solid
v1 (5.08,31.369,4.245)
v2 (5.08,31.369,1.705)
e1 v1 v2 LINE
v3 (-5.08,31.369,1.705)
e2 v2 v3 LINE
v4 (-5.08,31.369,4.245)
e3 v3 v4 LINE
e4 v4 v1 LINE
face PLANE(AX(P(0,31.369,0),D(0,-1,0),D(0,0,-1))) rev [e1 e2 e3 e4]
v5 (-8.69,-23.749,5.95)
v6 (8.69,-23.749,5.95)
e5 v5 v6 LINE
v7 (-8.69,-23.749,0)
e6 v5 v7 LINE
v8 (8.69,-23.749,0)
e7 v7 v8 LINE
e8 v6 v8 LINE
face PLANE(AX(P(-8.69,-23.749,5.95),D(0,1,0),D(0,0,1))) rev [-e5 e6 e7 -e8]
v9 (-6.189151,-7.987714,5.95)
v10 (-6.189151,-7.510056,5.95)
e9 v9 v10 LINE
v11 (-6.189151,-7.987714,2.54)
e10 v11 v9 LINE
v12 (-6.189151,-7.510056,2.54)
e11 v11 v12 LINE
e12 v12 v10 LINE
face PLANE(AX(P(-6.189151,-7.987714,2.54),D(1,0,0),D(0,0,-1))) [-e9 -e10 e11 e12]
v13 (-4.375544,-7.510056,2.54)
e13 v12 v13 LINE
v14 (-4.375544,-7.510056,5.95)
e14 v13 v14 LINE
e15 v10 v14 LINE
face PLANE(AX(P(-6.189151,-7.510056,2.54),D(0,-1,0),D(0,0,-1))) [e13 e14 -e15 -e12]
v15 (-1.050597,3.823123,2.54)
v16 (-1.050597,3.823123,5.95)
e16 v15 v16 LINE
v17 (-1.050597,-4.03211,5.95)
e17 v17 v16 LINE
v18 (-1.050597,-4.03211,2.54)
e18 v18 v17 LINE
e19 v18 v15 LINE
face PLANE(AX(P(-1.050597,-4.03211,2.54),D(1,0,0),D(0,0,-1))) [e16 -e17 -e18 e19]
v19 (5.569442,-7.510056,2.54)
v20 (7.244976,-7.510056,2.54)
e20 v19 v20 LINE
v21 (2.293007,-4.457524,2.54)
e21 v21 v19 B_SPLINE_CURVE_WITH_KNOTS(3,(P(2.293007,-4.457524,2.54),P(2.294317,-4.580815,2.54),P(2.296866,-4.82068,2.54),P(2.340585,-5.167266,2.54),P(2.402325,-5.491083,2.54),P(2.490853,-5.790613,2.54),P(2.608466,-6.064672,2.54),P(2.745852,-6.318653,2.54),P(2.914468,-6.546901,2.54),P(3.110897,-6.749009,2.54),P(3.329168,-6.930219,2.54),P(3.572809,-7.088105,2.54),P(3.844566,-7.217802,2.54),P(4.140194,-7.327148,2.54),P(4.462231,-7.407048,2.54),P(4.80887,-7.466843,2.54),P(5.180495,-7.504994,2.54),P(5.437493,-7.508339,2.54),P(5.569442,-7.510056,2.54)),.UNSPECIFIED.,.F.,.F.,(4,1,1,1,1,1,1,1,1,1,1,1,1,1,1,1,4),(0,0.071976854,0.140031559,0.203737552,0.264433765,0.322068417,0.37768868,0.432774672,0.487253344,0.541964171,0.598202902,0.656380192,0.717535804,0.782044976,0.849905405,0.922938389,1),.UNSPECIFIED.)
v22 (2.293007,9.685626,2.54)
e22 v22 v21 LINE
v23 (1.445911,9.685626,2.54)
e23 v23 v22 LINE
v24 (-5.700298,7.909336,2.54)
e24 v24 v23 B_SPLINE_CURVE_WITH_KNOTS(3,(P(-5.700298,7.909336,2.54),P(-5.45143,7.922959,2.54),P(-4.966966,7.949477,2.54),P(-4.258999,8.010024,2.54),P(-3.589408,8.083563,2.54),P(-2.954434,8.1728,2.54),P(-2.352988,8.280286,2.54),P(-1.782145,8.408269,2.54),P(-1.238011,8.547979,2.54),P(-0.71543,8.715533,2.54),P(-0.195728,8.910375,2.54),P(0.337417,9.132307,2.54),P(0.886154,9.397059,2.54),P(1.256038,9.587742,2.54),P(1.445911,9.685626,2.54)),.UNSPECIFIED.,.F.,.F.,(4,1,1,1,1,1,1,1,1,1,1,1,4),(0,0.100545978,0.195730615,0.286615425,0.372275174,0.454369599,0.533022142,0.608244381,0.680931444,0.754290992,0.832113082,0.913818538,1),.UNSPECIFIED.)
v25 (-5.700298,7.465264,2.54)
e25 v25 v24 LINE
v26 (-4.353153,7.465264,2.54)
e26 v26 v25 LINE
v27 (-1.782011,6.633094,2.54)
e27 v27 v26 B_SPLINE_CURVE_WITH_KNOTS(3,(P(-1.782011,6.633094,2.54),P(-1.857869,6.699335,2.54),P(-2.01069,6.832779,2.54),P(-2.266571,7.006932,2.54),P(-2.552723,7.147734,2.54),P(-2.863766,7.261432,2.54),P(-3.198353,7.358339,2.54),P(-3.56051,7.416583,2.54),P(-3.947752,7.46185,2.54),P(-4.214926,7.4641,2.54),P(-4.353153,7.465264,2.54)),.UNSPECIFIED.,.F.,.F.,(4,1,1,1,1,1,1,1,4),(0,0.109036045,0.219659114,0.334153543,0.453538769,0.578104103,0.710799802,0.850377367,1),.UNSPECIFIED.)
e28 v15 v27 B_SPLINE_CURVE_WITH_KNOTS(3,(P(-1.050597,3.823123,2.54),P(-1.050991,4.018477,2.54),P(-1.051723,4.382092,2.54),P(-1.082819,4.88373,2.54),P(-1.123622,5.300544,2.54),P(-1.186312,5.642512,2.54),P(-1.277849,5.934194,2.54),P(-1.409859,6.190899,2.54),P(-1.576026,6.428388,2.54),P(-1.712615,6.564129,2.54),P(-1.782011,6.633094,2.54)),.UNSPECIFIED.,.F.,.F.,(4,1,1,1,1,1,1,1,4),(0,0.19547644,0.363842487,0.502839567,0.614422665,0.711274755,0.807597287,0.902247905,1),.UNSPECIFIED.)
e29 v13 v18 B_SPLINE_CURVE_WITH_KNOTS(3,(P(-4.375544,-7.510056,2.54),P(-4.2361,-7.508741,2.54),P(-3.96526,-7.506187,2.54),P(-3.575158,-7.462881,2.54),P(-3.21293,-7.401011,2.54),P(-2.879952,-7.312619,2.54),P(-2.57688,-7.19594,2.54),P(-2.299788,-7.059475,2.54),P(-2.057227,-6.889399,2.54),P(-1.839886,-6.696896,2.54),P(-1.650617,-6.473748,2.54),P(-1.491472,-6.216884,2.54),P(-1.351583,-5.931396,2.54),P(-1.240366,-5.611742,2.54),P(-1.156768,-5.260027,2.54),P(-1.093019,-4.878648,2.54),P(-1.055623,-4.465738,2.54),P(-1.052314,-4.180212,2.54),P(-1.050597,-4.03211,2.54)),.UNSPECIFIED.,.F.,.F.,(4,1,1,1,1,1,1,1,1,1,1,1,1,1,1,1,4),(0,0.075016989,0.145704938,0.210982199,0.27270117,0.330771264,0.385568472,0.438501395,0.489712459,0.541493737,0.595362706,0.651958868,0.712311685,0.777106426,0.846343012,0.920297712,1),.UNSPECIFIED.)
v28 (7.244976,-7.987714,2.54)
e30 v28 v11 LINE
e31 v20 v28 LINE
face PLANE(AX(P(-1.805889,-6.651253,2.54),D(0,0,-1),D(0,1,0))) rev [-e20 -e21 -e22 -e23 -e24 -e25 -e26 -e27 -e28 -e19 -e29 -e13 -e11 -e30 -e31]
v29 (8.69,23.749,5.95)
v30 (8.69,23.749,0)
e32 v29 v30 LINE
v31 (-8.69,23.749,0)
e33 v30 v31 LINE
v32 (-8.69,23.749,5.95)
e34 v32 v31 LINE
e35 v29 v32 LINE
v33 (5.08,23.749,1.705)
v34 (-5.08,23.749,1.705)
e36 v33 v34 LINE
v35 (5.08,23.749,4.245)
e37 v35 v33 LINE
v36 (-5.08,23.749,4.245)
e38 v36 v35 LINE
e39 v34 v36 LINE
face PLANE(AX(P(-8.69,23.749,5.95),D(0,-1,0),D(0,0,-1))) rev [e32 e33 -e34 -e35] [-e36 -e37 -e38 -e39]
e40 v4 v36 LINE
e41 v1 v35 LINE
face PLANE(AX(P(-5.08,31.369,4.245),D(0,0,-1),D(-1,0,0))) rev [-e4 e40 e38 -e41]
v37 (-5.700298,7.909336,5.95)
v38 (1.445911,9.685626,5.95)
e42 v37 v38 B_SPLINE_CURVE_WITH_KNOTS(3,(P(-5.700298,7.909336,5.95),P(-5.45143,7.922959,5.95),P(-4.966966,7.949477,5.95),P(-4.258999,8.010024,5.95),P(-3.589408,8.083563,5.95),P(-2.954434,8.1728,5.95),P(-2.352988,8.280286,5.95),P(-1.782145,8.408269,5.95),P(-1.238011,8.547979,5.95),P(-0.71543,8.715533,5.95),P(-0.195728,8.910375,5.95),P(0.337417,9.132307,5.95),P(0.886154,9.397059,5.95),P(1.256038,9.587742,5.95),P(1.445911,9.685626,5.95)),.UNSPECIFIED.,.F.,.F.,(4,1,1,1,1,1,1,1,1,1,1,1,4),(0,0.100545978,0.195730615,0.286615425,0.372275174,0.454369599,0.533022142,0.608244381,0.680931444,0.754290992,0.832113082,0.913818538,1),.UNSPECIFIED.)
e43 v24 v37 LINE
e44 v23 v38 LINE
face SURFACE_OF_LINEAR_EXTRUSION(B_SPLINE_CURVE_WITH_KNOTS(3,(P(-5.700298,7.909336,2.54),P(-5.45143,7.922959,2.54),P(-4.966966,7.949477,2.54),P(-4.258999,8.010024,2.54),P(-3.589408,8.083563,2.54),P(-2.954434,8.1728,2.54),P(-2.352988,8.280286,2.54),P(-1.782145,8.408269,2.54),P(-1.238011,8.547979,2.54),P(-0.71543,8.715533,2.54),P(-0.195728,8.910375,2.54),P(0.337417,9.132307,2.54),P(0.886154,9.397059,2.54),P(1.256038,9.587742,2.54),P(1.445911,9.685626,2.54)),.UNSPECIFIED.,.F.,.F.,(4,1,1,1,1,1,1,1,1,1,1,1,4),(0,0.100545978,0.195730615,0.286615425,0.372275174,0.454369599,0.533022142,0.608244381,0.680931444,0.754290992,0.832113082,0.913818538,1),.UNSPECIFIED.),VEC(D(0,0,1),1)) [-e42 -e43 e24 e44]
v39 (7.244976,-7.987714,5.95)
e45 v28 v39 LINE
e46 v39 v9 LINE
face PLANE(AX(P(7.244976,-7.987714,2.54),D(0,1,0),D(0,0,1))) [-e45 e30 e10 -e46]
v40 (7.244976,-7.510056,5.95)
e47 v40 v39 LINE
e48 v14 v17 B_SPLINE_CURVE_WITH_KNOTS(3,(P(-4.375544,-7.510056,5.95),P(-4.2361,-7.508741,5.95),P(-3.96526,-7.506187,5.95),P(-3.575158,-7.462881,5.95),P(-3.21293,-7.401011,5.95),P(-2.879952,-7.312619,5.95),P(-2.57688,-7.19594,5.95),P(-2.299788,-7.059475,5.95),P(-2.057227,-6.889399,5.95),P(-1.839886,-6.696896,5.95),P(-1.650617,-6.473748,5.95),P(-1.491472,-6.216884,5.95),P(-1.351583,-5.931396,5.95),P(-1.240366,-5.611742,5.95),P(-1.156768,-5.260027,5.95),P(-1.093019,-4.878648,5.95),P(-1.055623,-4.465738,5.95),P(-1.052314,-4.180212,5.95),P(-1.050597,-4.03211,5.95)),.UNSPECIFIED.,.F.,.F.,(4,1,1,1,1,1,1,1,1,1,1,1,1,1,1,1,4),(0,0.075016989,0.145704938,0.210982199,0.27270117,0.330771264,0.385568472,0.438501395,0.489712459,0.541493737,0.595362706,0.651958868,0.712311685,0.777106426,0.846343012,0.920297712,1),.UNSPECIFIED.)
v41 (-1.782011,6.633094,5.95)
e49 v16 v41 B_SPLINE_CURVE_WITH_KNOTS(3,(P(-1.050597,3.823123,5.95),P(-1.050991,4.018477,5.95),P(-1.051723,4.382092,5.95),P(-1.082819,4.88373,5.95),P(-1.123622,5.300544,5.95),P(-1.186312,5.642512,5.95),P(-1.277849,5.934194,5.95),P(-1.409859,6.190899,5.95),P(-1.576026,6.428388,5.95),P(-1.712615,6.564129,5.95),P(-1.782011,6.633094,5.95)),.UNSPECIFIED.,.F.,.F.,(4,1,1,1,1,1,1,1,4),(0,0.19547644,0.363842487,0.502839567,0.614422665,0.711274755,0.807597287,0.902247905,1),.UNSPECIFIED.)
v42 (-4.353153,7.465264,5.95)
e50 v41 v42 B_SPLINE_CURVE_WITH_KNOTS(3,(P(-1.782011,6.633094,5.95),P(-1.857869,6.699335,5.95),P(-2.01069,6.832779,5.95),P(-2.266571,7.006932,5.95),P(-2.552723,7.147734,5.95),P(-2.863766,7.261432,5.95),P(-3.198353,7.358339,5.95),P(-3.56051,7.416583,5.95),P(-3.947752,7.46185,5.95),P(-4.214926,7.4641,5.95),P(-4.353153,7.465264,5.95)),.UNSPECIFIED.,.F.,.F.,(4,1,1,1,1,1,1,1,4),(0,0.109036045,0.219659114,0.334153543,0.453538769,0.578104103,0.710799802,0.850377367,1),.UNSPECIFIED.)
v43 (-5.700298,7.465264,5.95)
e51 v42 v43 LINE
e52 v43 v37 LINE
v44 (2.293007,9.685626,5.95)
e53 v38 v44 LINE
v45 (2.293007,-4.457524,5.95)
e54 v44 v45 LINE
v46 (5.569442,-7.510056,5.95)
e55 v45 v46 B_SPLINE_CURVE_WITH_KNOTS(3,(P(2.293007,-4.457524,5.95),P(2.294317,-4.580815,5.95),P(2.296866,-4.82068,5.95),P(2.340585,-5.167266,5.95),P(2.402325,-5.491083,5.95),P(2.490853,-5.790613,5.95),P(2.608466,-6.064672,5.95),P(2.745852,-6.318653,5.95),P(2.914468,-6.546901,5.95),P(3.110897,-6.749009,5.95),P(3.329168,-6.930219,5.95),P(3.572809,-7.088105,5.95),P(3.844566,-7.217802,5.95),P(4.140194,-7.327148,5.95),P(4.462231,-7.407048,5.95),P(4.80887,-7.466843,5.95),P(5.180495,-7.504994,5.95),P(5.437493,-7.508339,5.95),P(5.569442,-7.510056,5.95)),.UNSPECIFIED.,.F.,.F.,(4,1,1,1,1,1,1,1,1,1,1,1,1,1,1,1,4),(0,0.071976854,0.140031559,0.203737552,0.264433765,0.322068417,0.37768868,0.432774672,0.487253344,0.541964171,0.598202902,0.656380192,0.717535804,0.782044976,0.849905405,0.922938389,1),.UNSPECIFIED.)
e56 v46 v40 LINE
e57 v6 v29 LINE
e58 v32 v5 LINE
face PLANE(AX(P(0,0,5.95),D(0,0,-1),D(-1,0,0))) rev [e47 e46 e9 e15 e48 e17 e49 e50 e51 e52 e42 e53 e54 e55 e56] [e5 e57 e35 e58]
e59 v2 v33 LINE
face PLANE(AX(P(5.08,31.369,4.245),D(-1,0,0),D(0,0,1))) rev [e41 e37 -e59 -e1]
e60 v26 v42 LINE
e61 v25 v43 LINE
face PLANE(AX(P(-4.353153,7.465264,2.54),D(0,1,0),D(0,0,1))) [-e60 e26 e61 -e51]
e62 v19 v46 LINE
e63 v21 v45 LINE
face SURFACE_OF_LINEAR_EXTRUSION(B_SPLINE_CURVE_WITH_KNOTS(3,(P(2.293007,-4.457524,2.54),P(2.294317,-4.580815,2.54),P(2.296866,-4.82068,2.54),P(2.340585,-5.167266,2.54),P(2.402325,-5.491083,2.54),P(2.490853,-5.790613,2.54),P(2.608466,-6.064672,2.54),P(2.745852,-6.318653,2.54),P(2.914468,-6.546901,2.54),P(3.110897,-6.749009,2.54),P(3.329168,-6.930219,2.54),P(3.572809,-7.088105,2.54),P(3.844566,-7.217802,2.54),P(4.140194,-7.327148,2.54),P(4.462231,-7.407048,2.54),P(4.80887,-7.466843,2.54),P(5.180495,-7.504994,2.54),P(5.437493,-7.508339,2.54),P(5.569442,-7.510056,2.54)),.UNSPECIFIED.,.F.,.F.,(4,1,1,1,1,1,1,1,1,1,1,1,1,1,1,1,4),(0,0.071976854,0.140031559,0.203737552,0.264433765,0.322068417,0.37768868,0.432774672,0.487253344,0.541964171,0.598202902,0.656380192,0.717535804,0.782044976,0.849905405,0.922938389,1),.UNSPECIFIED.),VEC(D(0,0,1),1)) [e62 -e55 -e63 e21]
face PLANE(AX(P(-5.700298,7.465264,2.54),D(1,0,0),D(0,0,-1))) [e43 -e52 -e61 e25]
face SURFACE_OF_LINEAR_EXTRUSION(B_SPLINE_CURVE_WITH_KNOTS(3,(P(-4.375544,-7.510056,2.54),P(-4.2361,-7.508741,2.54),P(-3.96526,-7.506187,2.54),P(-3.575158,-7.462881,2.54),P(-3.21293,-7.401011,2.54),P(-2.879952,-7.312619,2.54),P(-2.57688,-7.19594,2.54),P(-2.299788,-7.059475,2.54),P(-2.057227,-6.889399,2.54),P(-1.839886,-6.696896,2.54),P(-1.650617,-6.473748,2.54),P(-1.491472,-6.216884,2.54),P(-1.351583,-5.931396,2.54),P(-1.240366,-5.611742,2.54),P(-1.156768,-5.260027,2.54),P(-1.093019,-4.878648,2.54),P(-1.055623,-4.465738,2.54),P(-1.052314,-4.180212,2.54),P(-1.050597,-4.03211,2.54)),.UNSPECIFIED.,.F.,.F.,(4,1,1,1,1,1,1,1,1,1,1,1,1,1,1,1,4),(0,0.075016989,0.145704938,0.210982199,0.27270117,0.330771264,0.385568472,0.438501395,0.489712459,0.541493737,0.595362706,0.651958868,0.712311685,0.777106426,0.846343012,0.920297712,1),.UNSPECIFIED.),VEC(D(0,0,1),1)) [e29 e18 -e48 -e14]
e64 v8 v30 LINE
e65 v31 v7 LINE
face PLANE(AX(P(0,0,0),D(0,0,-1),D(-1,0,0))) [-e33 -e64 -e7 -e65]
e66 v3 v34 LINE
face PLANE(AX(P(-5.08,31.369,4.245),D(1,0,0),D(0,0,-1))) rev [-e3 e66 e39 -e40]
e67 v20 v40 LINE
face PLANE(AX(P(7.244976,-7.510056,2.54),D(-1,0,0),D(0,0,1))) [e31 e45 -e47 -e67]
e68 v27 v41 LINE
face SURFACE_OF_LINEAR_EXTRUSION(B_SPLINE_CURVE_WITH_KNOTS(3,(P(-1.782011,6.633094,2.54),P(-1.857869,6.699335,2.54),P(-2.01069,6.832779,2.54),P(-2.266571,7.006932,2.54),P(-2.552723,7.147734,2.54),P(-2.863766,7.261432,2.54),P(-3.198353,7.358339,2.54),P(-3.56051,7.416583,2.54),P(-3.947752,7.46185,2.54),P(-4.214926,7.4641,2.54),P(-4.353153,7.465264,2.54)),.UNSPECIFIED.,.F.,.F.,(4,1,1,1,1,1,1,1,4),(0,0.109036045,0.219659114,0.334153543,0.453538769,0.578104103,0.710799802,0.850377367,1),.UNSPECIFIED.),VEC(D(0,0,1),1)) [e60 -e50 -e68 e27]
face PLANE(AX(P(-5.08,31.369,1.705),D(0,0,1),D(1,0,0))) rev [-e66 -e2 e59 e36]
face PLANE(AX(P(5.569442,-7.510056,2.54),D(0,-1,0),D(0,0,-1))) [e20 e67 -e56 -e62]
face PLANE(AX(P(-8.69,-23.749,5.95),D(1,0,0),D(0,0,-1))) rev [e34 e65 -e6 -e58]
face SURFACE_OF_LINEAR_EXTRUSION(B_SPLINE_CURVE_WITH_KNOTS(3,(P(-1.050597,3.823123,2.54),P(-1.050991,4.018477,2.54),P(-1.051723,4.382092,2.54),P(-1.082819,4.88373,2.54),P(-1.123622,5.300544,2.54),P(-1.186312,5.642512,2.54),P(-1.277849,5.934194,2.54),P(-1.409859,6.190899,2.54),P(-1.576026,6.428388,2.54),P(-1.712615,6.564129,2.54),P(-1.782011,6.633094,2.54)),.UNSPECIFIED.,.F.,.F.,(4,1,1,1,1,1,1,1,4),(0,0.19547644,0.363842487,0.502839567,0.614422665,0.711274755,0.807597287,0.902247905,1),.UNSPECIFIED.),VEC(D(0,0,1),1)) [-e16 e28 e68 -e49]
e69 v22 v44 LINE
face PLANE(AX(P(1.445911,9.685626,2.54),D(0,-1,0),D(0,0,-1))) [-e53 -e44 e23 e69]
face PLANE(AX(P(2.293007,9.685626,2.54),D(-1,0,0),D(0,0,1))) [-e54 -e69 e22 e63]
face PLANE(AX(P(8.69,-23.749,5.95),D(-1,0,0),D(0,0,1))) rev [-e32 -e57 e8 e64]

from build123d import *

# Parameters (mm, degrees)
SKETCH1_W           = 17.38
SKETCH1_H           = 47.498
BOSS_EXTRUDE1_DEPTH = 5.95
CUT_EXTRUDE1_DEPTH  = 3.41
SKETCH3_W           = 10.16
SKETCH3_H           = 2.54
BOSS_EXTRUDE2_DEPTH = 7.62


with BuildPart() as part:
    # Sketch1 → Boss-Extrude1 (new body)
    with BuildSketch(Plane.XY):
        Rectangle(SKETCH1_W, SKETCH1_H)
    extrude(amount=BOSS_EXTRUDE1_DEPTH)

    # Sketch2 → Cut-Extrude1 (cut)
    with BuildSketch(Plane.XY.offset(5.95)):
        with BuildLine():
            Line((-6.189150765, -7.510055771), (-4.375543678, -7.510055771))
            add(Edge.make_bspline(
                [(-4.375543678, -7.510055771), (-4.236100034, -7.508741028), (-3.965259686, -7.506187413), (-3.575157739, -7.462880983), (-3.212929647, -7.401011341), (-2.879952148, -7.312618696), (-2.576880198, -7.195940416), (-2.299787614, -7.059475133), (-2.057227298, -6.889398664), (-1.839886176, -6.696896273), (-1.6506173, -6.473748397), (-1.49147229, -6.216884478), (-1.351582714, -5.931396028), (-1.240365711, -5.611742151), (-1.156767721, -5.260026908), (-1.093019054, -4.878648158), (-1.055622823, -4.465737579), (-1.052313767, -4.18021236), (-1.050597351, -4.03210967)],
                knots=[0, 0, 0, 0, 1.200271823, 2.331279013, 3.375715191, 4.363218718, 5.292340221, 6.169095557, 7.016022317, 7.835399336, 8.663899785, 9.525803296, 10.431341886, 11.396986964, 12.433702812, 13.541488193, 14.724763392, 16, 16, 16, 16], degree=3))
            Line((-1.050597351, -4.03210967), (-1.050597351, 3.823122672))
            add(Edge.make_bspline(
                [(-1.050597351, 3.823122672), (-1.050990706, 4.018476815), (-1.051722861, 4.38209167), (-1.082819341, 4.883729691), (-1.123621868, 5.300544302), (-1.186312233, 5.642512462), (-1.277849339, 5.934194205), (-1.409859259, 6.190898998), (-1.576026296, 6.428387627), (-1.712615445, 6.564129267), (-1.782010909, 6.633094146)],
                knots=[0, 0, 0, 0, 1.563811524, 2.910739897, 4.022716534, 4.915381324, 5.690198038, 6.460778295, 7.217983238, 8, 8, 8, 8], degree=3))
            add(Edge.make_bspline(
                [(-1.782010909, 6.633094146), (-1.857869082, 6.699334544), (-2.010689546, 6.832779473), (-2.266570655, 7.006932331), (-2.552722511, 7.147733735), (-2.863765744, 7.261431627), (-3.198352588, 7.358338614), (-3.560509802, 7.416582757), (-3.947751905, 7.461850273), (-4.214926271, 7.464099814), (-4.353153467, 7.465263653)],
                knots=[0, 0, 0, 0, 0.872288361, 1.757272915, 2.673228345, 3.628310148, 4.624832827, 5.686398416, 6.803018934, 8, 8, 8, 8], degree=3))
            Line((-4.353153467, 7.465263653), (-5.700297825, 7.465263653))
            Line((-5.700297825, 7.465263653), (-5.700297825, 7.90933617))
            add(Edge.make_bspline(
                [(-5.700297825, 7.90933617), (-5.451430477, 7.922958599), (-4.966965958, 7.949477079), (-4.25899913, 8.010023738), (-3.589407964, 8.083563347), (-2.954434187, 8.172799954), (-2.352988403, 8.280285748), (-1.78214455, 8.408269267), (-1.238010952, 8.547978741), (-0.715430392, 8.715533332), (-0.195727602, 8.910375221), (0.33741676, 9.132306906), (0.886154119, 9.39705879), (1.256038344, 9.587742493), (1.44591117, 9.685626239)],
                knots=[0, 0, 0, 0, 1.206551741, 2.348767378, 3.4393851, 4.467302093, 5.452435193, 6.396265705, 7.29893257, 8.171177332, 9.051491902, 9.98535699, 10.965822455, 12, 12, 12, 12], degree=3))
            Line((1.44591117, 9.685626239), (2.293007484, 9.685626239))
            Line((2.293007484, 9.685626239), (2.293007484, -4.457523678))
            add(Edge.make_bspline(
                [(2.293007484, -4.457523678), (2.294317311, -4.580815267), (2.296865591, -4.820680062), (2.340584624, -5.167266406), (2.402324898, -5.491083353), (2.490852806, -5.790612798), (2.608465987, -6.064671603), (2.745851868, -6.318652921), (2.914467795, -6.54690087), (3.110897203, -6.749009464), (3.329168057, -6.930218955), (3.572808862, -7.08810542), (3.844565821, -7.217801947), (4.140194362, -7.32714774), (4.462230563, -7.407047666), (4.808870425, -7.466843235), (5.180494619, -7.504994367), (5.437493331, -7.508338715), (5.569441686, -7.510055771)],
                knots=[0, 0, 0, 0, 1.151629664, 2.240504938, 3.259800832, 4.230940235, 5.153094675, 6.043018888, 6.924394745, 7.796053501, 8.671426729, 9.571246426, 10.502083077, 11.480572872, 12.512719618, 13.598486478, 14.767014217, 16, 16, 16, 16], degree=3))
            Line((5.569441686, -7.510055771), (7.244975806, -7.510055771))
            Line((7.244975806, -7.510055771), (7.244975806, -7.987713605))
            Line((7.244975806, -7.987713605), (-6.189150765, -7.987713605))
            Line((-6.189150765, -7.987713605), (-6.189150765, -7.510055771))
        make_face()
    extrude(amount=-CUT_EXTRUDE1_DEPTH, mode=Mode.SUBTRACT)

    # Sketch3 → Boss-Extrude2 (add)
    with BuildSketch(Plane(origin=(0, 23.749, 0), x_dir=(1, 0, 0), z_dir=(0, 1, 0))):
        with Locations((0, -2.975)):
            Rectangle(SKETCH3_W, SKETCH3_H)
    extrude(amount=BOSS_EXTRUDE2_DEPTH)


solid = part.part
